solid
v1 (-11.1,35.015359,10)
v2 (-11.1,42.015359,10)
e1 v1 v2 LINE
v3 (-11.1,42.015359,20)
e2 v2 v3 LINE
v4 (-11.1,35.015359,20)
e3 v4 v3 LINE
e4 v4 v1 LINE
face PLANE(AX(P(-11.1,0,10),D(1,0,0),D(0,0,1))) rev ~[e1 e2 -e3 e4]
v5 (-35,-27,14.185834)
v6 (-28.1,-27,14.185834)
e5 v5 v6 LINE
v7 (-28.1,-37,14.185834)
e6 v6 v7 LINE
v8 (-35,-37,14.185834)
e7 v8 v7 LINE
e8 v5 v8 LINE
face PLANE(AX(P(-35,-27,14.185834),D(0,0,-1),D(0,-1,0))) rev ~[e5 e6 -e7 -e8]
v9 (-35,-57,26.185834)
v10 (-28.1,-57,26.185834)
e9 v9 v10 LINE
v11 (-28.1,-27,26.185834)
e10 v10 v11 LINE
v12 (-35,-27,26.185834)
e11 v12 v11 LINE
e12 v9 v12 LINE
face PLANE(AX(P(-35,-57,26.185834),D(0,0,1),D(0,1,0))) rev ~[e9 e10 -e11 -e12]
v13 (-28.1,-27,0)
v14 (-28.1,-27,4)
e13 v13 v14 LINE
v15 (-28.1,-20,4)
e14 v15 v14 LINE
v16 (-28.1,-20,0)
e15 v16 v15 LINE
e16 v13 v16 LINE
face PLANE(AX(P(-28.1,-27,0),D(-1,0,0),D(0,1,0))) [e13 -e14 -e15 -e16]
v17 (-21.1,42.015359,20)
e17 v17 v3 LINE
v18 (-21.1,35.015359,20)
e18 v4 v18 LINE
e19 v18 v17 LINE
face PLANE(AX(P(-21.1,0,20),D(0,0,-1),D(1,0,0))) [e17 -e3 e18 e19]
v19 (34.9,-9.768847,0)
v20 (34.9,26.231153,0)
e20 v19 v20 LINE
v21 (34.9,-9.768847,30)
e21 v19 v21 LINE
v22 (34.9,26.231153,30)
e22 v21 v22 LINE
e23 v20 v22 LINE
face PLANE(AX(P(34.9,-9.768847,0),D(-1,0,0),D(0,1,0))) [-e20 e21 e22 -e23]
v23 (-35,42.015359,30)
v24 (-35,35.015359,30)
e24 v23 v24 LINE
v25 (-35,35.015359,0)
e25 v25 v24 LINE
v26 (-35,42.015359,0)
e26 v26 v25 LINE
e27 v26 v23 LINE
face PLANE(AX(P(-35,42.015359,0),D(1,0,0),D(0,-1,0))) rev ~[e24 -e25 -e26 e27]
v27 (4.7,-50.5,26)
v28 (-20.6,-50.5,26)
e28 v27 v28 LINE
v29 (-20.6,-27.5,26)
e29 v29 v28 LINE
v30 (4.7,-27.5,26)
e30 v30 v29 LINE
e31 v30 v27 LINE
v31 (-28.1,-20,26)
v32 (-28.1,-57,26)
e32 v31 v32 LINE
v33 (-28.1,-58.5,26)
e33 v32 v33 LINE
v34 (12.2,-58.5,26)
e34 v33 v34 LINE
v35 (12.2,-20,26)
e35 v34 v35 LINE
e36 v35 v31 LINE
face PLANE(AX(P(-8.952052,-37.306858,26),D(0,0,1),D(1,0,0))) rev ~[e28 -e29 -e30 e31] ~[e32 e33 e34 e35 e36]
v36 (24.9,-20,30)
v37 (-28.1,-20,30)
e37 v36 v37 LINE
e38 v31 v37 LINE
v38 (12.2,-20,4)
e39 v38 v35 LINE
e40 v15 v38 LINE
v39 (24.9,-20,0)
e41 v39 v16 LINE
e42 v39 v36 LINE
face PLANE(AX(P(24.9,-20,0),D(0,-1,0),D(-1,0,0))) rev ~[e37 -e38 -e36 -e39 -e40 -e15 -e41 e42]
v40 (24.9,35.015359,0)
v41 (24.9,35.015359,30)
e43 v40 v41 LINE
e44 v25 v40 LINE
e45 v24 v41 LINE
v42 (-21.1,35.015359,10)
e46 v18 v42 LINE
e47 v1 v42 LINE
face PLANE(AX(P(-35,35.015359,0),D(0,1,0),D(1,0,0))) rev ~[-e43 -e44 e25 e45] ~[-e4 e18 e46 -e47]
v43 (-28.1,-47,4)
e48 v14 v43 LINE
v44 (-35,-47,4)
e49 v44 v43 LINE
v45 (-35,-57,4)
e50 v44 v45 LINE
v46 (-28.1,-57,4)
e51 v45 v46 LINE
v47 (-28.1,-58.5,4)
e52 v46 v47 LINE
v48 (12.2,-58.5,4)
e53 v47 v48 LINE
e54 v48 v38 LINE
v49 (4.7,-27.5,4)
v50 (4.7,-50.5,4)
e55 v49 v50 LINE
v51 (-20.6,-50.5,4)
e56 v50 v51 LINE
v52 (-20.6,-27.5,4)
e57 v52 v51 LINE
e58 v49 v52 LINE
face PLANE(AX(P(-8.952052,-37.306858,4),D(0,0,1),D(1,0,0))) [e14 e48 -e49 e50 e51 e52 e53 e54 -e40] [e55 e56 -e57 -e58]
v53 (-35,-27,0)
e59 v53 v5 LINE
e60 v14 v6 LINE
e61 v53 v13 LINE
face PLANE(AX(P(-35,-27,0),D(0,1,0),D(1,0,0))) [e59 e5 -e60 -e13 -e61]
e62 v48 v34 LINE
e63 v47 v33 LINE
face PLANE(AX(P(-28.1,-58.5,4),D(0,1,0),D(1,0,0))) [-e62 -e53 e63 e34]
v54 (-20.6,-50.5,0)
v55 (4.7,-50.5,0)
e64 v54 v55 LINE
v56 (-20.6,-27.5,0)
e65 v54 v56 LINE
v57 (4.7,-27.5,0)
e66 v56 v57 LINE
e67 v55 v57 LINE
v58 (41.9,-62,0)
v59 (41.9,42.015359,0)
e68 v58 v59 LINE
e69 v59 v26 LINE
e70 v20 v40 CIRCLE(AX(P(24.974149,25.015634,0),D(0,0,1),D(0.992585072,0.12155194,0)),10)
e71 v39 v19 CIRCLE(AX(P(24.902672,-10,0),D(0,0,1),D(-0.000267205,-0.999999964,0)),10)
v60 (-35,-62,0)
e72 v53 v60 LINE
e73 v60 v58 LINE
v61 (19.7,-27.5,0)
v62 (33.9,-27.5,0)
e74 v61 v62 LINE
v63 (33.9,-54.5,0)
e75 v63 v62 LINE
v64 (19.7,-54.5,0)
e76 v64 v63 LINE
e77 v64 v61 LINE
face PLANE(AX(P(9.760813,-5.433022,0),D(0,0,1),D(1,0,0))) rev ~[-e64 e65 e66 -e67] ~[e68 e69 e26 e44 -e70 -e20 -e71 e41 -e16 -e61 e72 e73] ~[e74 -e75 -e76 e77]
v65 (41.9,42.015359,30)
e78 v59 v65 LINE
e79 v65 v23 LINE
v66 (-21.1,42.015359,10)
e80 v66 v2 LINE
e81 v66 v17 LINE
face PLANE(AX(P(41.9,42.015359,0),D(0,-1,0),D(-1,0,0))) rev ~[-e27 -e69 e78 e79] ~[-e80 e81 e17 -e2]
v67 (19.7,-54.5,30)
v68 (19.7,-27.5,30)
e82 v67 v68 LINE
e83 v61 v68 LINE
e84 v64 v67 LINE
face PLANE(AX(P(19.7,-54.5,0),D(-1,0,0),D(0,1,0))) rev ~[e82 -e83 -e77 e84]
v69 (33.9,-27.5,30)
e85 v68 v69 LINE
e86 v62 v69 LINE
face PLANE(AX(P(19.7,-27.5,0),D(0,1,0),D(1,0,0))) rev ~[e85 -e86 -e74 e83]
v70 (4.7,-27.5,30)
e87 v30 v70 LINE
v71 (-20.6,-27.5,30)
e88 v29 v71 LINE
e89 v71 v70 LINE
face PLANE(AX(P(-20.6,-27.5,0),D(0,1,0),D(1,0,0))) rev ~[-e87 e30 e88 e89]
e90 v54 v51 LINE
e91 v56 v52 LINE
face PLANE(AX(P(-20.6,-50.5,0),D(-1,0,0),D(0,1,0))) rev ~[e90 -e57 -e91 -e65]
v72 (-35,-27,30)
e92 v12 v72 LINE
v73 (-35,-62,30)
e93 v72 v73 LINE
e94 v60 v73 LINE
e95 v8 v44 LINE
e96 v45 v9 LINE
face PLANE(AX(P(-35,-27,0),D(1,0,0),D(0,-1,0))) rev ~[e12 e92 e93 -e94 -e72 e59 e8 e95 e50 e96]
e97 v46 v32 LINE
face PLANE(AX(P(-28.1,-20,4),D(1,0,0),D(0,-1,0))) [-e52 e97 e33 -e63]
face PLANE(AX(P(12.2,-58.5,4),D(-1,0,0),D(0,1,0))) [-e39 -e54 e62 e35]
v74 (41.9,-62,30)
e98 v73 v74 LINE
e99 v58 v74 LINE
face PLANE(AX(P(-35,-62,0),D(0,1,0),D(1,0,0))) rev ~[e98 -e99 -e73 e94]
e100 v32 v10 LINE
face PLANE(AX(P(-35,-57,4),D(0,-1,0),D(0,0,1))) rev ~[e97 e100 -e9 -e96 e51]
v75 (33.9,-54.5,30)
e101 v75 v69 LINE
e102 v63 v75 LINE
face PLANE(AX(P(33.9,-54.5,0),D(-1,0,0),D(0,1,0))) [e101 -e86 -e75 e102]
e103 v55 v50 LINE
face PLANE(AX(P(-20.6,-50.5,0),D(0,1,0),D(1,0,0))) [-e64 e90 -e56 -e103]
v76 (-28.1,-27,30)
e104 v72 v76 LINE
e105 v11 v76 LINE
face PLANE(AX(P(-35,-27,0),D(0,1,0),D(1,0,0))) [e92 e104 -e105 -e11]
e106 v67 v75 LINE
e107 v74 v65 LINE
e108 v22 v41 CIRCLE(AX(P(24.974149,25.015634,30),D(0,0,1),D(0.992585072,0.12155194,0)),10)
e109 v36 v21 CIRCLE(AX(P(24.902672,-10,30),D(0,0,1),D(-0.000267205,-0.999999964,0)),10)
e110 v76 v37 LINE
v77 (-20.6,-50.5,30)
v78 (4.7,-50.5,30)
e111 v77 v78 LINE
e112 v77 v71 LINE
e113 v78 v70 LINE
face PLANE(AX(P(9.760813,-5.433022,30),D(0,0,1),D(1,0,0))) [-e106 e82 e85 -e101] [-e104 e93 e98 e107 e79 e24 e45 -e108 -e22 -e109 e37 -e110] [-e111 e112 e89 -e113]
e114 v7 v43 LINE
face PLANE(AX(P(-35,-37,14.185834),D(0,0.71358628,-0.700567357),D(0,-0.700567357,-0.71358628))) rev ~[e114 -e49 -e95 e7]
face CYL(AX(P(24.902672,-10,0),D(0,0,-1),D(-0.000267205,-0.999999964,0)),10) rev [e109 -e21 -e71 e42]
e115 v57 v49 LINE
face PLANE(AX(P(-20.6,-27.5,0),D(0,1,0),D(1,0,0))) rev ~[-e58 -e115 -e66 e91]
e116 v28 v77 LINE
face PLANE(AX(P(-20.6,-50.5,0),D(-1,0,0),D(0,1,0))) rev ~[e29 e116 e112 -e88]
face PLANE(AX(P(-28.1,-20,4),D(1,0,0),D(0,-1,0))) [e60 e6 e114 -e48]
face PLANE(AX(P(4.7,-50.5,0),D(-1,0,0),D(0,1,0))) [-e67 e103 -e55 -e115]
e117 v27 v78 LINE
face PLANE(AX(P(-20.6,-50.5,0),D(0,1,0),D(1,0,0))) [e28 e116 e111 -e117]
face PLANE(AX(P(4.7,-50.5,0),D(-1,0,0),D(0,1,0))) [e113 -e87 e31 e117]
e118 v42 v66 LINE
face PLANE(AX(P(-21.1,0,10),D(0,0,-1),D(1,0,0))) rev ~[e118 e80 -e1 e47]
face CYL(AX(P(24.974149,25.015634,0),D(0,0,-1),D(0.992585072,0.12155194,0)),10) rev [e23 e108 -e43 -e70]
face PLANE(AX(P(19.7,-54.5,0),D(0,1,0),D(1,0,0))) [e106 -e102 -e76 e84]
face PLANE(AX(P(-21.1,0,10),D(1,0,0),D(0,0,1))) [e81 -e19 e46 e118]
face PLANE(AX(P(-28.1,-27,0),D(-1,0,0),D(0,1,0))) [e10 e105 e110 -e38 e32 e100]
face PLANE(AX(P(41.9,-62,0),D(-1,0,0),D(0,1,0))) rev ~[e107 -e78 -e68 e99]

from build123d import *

# Parameters (mm, degrees)
PAD_DEPTH       = 30
POCKET_DEPTH    = 22
POCKET001_DEPTH = 6.9
SKETCH003_W     = 25.3
SKETCH003_H     = 23
SKETCH003_W_2   = 14.2
SKETCH003_H_2   = 27
POCKET002_DEPTH = 30
SKETCH004_W     = 10
SKETCH004_H     = 10
POCKET003_DEPTH = 50


with BuildPart() as part:
    # Sketch → Pad (new body)
    with BuildSketch(Plane.XY):
        with BuildLine():
            Line((-35, 42.015359), (-35, 35.015359))
            Line((-35, 35.015359), (24.9, 35.015359))
            ThreePointArc((34.9, 26.231153), (31.573738, 32.528651), (24.9, 35.015359))
            Line((34.9, -9.768847), (34.9, 26.231153))
            ThreePointArc((24.9, -20), (32.054064, -16.989821), (34.9, -9.768847))
            Line((24.9, -20), (-28.1, -20))
            Line((-28.1, -27), (-28.1, -20))
            Line((-35, -27), (-28.1, -27))
            Line((-35, -27), (-35, -62))
            Line((-35, -62), (41.9, -62))
            Line((41.9, -62), (41.9, 42.015359))
            Line((41.9, 42.015359), (-35, 42.015359))
        make_face()
    extrude(amount=PAD_DEPTH)

    # Sketch001 → Pocket (cut)
    with BuildSketch(Plane.XY.offset(4)):
        Polygon((-28.1, -20), (-28.1, -58.5), (12.2, -58.5), (12.2, -20), (-18.1, -20), (-18.1, -13.5), (-24.1, -13.5), (-24.1, -20), align=None)
    extrude(amount=POCKET_DEPTH, mode=Mode.SUBTRACT)

    # Sketch002 → Pocket001 (cut)
    with BuildSketch(Plane.YZ.offset(-35)):
        Polygon((-27, 26.185834), (-27, 14.185834), (-37, 14.185834), (-47, 4), (-57, 4), (-57, 26.185834), align=None)
    extrude(amount=POCKET001_DEPTH, mode=Mode.SUBTRACT)

    # Sketch003 → Pocket002 (cut)
    with BuildSketch(Plane.XY):
        with Locations((-7.95, -39)):
            Rectangle(SKETCH003_W, SKETCH003_H)
        with Locations((26.8, -41)):
            Rectangle(SKETCH003_W_2, SKETCH003_H_2)
    extrude(amount=POCKET002_DEPTH, mode=Mode.SUBTRACT)

    # Sketch004 → Pocket003 (cut)
    with BuildSketch(Plane.XZ):
        with Locations((-16.1, 15)):
            Rectangle(SKETCH004_W, SKETCH004_H)
    extrude(amount=-POCKET003_DEPTH, mode=Mode.SUBTRACT)


solid = part.part
